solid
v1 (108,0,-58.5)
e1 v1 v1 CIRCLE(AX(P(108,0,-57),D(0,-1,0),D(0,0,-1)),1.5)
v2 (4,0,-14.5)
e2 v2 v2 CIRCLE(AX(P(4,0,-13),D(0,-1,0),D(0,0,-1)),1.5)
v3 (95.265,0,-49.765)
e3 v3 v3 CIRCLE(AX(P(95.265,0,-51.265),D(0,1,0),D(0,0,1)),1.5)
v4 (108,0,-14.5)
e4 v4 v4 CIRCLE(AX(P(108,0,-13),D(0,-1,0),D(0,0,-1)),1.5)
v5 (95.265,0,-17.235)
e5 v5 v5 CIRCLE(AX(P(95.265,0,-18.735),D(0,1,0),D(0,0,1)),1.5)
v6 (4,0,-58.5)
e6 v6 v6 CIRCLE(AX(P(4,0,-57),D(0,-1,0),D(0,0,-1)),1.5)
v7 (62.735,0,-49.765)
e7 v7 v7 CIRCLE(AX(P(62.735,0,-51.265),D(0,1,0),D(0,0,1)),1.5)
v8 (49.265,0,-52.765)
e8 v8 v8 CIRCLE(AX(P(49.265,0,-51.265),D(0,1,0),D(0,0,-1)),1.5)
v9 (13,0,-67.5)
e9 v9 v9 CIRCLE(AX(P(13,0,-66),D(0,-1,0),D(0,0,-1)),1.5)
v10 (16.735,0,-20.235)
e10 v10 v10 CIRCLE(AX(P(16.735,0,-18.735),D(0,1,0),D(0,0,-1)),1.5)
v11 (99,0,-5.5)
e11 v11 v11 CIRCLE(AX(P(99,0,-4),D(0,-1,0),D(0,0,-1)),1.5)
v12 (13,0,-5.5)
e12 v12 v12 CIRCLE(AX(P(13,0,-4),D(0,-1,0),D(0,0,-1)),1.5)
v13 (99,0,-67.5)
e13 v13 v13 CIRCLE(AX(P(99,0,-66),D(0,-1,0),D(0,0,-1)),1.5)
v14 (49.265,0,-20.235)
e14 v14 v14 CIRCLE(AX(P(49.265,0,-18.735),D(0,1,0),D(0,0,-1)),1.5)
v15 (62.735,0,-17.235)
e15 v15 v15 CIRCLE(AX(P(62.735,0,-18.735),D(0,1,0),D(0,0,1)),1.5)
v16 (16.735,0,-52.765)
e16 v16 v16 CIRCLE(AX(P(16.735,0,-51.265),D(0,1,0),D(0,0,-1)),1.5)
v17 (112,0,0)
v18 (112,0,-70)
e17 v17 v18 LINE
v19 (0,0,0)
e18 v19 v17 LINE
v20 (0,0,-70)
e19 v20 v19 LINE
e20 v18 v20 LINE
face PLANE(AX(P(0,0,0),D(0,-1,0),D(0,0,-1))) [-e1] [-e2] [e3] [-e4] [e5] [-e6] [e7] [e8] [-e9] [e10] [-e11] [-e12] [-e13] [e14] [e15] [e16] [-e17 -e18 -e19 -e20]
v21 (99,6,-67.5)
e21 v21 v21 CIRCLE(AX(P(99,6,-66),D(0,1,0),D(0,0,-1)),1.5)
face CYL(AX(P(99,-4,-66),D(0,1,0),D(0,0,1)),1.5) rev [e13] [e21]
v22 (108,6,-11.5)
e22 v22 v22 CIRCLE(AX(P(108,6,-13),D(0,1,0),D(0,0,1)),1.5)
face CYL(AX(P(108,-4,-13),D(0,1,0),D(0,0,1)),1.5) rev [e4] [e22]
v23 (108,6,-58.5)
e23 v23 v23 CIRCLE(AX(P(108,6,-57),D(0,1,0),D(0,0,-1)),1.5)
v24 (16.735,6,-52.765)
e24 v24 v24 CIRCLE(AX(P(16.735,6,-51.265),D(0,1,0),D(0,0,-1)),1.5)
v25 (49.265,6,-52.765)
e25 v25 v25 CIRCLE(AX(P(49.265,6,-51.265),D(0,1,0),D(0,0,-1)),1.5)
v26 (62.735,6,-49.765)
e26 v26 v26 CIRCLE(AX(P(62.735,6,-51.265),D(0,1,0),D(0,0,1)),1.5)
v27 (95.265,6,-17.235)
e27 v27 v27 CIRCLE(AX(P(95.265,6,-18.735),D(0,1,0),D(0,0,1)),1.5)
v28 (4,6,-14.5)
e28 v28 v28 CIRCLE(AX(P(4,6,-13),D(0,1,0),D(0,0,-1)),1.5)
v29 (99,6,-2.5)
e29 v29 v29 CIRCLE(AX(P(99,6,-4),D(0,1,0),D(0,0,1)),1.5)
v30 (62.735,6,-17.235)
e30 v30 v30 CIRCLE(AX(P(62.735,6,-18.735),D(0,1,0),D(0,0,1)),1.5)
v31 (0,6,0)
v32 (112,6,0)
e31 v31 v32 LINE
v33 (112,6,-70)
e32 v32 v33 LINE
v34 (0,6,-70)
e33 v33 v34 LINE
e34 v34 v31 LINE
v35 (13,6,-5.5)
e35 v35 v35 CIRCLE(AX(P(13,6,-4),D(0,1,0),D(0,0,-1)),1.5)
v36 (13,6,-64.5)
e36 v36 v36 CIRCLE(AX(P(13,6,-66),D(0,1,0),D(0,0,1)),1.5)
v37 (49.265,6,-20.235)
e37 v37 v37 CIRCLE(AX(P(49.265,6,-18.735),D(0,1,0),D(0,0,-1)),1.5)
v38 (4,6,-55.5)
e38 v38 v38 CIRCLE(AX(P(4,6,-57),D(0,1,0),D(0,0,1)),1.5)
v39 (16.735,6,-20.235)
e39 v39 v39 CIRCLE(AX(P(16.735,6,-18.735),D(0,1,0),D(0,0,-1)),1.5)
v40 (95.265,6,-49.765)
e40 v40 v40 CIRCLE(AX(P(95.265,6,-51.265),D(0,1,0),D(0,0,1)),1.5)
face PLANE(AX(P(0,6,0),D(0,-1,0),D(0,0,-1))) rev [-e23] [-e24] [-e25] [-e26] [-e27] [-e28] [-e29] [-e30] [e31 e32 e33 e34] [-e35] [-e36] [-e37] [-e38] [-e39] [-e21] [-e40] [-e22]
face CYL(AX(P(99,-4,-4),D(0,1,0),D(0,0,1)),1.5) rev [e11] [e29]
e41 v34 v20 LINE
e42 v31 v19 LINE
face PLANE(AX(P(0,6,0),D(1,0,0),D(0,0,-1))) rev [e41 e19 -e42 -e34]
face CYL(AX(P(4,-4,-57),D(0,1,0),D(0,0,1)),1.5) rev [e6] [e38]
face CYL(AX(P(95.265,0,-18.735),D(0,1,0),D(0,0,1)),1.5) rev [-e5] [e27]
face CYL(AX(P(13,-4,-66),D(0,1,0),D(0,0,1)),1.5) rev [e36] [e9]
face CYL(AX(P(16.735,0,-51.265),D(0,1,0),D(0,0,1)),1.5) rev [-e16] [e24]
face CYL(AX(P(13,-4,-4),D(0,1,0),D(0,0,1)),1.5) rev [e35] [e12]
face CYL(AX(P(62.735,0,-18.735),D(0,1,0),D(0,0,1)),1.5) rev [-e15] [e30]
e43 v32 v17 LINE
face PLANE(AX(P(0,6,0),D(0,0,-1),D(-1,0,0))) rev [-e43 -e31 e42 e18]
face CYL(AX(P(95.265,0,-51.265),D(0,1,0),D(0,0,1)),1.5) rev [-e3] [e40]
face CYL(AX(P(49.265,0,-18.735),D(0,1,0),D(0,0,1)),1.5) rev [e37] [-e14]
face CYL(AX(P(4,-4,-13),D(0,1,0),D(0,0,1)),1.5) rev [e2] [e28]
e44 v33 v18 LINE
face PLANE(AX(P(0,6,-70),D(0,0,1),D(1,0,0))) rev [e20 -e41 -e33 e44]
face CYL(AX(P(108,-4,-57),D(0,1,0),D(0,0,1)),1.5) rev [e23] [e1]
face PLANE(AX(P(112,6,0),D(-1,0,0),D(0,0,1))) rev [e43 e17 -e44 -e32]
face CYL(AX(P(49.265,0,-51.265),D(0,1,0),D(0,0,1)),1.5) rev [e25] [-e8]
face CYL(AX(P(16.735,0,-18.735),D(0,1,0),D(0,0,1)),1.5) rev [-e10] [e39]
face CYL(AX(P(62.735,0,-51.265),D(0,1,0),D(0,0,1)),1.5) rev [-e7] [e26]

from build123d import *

# Parameters (mm, degrees)
SKETCH1_W           = 112
SKETCH1_H           = 70
BOSS_EXTRUDE1_DEPTH = 6
SKETCH2_R           = 1.5
CUT_EXTRUDE1_DEPTH  = 6
SKETCH3_R           = 1.5
CUT_EXTRUDE2_DEPTH  = 10


with BuildPart() as part:
    # Sketch1 → Boss-Extrude1 (new body)
    with BuildSketch(Plane(origin=(0, 0, 0), x_dir=(1, 0, 0), z_dir=(0, 1, 0))):
        with Locations((56, 35)):
            Rectangle(SKETCH1_W, SKETCH1_H)
    extrude(amount=BOSS_EXTRUDE1_DEPTH)

    # Sketch2 → Cut-Extrude1 (cut)
    with BuildSketch(Plane(origin=(0, 6, 0), x_dir=(1, 0, 0), z_dir=(0, 1, 0))):
        with Locations(Location((62.735, 51.265, 0), (0, 0, 270))):
            Circle(SKETCH2_R)
        with Locations(Location((95.265, 51.265, 0), (0, 0, 270))):
            Circle(SKETCH2_R)
        with Locations(Location((62.735, 18.735, 0), (0, 0, 270))):
            Circle(SKETCH2_R)
        with Locations(Location((95.265, 18.735, 0), (0, 0, 270))):
            Circle(SKETCH2_R)
        with Locations(Location((16.735, 18.735, 0), (0, 0, 90))):
            Circle(SKETCH2_R)
        with Locations(Location((16.735, 51.265, 0), (0, 0, 90))):
            Circle(SKETCH2_R)
        with Locations(Location((49.265, 51.265, 0), (0, 0, 90))):
            Circle(SKETCH2_R)
        with Locations(Location((49.265, 18.735, 0), (0, 0, 90))):
            Circle(SKETCH2_R)
    extrude(amount=-CUT_EXTRUDE1_DEPTH, mode=Mode.SUBTRACT)

    # Sketch3 → Cut-Extrude2 (cut)
    with BuildSketch(Plane(origin=(0, 6, 0), x_dir=(1, 0, 0), z_dir=(0, 1, 0))):
        with Locations(Location((4, 57, 0), (0, 0, 270))):
            Circle(SKETCH3_R)
        with Locations(Location((13, 66, 0), (0, 0, 270))):
            Circle(SKETCH3_R)
        with Locations(Location((99, 66, 0), (0, 0, 90))):
            Circle(SKETCH3_R)
        with Locations(Location((108, 57, 0), (0, 0, 90))):
            Circle(SKETCH3_R)
        with Locations(Location((108, 13, 0), (0, 0, 270))):
            Circle(SKETCH3_R)
        with Locations(Location((99, 4, 0), (0, 0, 270))):
            Circle(SKETCH3_R)
        with Locations(Location((13, 4, 0), (0, 0, 90))):
            Circle(SKETCH3_R)
        with Locations(Location((4, 13, 0), (0, 0, 90))):
            Circle(SKETCH3_R)
    extrude(amount=-CUT_EXTRUDE2_DEPTH, mode=Mode.SUBTRACT)


solid = part.part
